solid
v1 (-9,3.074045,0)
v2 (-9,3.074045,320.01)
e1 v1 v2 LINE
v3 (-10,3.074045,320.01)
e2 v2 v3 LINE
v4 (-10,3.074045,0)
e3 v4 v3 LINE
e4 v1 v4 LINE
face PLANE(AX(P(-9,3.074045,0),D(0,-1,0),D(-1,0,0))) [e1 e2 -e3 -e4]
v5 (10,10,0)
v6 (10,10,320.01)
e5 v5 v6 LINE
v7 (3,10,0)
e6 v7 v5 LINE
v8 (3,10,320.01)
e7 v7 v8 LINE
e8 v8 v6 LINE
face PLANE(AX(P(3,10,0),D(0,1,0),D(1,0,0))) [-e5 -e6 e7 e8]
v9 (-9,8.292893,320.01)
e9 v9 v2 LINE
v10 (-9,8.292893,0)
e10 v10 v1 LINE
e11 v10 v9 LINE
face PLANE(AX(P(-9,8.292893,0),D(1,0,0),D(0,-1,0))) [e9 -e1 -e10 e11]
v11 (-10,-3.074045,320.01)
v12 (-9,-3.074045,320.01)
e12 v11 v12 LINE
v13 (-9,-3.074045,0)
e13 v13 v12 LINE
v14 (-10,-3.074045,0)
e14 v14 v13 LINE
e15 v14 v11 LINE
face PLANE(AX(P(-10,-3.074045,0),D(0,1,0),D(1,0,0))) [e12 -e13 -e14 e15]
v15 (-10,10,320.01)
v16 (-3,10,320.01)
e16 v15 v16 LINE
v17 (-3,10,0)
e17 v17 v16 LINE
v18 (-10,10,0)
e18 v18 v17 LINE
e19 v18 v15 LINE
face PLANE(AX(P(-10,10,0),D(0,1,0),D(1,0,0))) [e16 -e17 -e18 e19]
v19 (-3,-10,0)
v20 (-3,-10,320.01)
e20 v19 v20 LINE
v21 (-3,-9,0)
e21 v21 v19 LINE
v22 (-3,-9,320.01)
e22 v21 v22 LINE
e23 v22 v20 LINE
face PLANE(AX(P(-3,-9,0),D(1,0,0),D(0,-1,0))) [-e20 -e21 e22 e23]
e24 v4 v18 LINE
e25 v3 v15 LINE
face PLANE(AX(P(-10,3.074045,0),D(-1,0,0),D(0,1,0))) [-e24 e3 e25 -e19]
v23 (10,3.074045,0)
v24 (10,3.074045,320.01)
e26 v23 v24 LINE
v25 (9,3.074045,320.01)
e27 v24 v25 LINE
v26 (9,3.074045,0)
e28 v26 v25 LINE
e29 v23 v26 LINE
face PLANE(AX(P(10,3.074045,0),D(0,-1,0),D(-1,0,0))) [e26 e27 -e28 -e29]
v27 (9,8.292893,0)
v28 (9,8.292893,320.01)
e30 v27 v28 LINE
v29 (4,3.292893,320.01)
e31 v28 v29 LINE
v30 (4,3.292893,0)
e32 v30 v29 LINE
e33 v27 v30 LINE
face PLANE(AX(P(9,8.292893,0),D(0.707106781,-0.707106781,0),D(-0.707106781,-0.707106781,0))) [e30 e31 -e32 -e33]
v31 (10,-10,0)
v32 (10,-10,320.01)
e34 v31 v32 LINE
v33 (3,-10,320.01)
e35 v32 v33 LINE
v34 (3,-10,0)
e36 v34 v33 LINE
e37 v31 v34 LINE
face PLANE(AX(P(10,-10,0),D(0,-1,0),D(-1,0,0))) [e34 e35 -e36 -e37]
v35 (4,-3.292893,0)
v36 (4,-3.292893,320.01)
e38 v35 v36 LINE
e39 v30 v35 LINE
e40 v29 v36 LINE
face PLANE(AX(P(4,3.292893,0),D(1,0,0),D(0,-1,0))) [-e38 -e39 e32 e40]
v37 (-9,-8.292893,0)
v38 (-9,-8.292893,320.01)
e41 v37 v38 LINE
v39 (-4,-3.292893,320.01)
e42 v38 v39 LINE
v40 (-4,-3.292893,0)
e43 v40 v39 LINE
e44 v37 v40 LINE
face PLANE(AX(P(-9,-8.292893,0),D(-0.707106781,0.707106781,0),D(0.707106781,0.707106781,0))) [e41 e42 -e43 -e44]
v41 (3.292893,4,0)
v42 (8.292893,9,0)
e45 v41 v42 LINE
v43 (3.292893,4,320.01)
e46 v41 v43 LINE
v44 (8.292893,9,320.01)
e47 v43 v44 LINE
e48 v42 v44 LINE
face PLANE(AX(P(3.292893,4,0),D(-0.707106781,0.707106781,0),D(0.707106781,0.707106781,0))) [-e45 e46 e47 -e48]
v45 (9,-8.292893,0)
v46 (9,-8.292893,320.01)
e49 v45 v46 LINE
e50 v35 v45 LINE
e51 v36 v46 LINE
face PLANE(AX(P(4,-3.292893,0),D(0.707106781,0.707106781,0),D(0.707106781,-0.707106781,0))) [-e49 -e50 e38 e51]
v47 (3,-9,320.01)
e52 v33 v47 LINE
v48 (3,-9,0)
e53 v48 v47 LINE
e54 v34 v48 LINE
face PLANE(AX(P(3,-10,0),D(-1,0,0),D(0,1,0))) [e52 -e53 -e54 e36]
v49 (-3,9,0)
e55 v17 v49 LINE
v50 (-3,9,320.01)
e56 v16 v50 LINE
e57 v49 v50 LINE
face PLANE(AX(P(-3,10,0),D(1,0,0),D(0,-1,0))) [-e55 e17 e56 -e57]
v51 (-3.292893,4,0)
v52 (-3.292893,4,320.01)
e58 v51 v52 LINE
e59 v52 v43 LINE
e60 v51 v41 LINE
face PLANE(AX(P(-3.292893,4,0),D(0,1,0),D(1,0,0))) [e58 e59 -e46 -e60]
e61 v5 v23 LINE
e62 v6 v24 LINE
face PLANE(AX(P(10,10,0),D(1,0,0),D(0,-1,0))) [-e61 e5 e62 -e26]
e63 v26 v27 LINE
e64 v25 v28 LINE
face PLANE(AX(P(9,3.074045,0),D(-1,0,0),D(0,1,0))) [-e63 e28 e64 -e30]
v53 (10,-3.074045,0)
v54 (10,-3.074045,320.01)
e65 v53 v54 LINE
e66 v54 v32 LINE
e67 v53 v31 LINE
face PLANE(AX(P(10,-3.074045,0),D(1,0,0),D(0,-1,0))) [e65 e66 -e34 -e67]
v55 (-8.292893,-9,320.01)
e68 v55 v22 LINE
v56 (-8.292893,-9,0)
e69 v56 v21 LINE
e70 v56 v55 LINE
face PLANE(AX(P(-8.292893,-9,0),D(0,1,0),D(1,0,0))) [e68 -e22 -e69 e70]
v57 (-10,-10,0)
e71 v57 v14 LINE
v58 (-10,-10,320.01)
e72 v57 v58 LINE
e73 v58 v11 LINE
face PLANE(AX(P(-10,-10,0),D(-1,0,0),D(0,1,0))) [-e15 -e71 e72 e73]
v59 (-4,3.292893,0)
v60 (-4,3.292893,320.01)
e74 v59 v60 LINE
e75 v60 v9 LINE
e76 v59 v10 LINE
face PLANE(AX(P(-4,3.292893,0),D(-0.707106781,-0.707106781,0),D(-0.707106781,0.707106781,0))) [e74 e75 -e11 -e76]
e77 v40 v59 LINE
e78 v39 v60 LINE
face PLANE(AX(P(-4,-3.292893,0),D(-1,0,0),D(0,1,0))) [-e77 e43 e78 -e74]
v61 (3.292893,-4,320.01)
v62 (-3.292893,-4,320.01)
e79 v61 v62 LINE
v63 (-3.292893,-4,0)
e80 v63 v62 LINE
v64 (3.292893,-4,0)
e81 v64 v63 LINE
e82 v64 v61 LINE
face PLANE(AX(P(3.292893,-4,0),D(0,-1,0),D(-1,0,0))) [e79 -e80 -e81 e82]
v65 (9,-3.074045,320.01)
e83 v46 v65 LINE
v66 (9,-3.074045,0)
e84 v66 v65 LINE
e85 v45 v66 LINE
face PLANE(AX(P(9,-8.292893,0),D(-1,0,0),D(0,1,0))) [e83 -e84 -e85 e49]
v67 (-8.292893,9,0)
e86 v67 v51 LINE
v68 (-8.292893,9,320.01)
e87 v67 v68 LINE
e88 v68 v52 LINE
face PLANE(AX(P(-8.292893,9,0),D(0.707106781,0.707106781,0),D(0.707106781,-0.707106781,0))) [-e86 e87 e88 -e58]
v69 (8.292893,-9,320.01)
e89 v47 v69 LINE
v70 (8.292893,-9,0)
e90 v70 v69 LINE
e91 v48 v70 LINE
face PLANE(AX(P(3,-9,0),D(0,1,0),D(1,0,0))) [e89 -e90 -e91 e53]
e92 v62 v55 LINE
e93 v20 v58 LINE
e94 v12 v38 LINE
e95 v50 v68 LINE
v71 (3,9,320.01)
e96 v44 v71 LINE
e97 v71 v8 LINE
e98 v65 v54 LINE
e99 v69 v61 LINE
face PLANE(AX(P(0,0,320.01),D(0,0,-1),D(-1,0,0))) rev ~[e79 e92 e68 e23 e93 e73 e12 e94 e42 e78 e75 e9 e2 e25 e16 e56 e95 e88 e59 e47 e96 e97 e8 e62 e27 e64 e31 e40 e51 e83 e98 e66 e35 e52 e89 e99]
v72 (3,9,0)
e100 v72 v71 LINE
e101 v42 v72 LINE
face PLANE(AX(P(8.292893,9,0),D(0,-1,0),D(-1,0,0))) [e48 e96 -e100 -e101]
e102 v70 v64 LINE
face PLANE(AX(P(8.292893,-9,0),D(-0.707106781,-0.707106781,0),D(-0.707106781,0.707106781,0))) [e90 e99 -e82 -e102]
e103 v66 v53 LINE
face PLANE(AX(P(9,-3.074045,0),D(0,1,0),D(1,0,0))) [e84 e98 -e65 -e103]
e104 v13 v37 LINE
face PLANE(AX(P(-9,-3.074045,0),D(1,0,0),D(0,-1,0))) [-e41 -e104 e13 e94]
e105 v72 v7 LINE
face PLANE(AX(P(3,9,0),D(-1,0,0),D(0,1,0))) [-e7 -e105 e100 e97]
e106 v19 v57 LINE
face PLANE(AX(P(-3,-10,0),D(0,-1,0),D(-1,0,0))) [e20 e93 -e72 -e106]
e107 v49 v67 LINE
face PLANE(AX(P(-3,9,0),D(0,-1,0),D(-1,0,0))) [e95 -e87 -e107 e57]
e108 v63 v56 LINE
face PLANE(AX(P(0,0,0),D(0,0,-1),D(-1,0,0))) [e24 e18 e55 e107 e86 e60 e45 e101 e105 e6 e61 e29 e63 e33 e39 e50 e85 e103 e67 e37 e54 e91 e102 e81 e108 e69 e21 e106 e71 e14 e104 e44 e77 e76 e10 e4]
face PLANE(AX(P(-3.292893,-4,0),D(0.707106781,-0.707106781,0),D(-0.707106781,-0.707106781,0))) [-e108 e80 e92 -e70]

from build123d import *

# Parameters (mm, degrees)
BOSS_EXTRUDE1_DEPTH = 320.01


with BuildPart() as part:
    # Sketch2 → Boss-Extrude1 (new body)
    with BuildSketch(Plane.XY):
        Polygon((-10, 10), (-3, 10), (-3, 9), (-8.292893219, 9), (-3.292893219, 4), (3.292893219, 4), (8.292893219, 9), (3, 9), (3, 10), (10, 10), (10, 3.074044586), (9, 3.074044586), (9, 8.292893219), (4, 3.292893219), (4, -3.292893219), (9, -8.292893219), (9, -3.074044586), (10, -3.074044586), (10, -10), (3, -10), (3, -9), (8.292893219, -9), (3.292893219, -4), (-3.292893219, -4), (-8.292893219, -9), (-3, -9), (-3, -10), (-10, -10), (-10, -3.074044586), (-9, -3.074044586), (-9, -8.292893219), (-4, -3.292893219), (-4, 3.292893219), (-9, 8.292893219), (-9, 3.074044586), (-10, 3.074044586), align=None)
    extrude(amount=BOSS_EXTRUDE1_DEPTH)


solid = part.part
